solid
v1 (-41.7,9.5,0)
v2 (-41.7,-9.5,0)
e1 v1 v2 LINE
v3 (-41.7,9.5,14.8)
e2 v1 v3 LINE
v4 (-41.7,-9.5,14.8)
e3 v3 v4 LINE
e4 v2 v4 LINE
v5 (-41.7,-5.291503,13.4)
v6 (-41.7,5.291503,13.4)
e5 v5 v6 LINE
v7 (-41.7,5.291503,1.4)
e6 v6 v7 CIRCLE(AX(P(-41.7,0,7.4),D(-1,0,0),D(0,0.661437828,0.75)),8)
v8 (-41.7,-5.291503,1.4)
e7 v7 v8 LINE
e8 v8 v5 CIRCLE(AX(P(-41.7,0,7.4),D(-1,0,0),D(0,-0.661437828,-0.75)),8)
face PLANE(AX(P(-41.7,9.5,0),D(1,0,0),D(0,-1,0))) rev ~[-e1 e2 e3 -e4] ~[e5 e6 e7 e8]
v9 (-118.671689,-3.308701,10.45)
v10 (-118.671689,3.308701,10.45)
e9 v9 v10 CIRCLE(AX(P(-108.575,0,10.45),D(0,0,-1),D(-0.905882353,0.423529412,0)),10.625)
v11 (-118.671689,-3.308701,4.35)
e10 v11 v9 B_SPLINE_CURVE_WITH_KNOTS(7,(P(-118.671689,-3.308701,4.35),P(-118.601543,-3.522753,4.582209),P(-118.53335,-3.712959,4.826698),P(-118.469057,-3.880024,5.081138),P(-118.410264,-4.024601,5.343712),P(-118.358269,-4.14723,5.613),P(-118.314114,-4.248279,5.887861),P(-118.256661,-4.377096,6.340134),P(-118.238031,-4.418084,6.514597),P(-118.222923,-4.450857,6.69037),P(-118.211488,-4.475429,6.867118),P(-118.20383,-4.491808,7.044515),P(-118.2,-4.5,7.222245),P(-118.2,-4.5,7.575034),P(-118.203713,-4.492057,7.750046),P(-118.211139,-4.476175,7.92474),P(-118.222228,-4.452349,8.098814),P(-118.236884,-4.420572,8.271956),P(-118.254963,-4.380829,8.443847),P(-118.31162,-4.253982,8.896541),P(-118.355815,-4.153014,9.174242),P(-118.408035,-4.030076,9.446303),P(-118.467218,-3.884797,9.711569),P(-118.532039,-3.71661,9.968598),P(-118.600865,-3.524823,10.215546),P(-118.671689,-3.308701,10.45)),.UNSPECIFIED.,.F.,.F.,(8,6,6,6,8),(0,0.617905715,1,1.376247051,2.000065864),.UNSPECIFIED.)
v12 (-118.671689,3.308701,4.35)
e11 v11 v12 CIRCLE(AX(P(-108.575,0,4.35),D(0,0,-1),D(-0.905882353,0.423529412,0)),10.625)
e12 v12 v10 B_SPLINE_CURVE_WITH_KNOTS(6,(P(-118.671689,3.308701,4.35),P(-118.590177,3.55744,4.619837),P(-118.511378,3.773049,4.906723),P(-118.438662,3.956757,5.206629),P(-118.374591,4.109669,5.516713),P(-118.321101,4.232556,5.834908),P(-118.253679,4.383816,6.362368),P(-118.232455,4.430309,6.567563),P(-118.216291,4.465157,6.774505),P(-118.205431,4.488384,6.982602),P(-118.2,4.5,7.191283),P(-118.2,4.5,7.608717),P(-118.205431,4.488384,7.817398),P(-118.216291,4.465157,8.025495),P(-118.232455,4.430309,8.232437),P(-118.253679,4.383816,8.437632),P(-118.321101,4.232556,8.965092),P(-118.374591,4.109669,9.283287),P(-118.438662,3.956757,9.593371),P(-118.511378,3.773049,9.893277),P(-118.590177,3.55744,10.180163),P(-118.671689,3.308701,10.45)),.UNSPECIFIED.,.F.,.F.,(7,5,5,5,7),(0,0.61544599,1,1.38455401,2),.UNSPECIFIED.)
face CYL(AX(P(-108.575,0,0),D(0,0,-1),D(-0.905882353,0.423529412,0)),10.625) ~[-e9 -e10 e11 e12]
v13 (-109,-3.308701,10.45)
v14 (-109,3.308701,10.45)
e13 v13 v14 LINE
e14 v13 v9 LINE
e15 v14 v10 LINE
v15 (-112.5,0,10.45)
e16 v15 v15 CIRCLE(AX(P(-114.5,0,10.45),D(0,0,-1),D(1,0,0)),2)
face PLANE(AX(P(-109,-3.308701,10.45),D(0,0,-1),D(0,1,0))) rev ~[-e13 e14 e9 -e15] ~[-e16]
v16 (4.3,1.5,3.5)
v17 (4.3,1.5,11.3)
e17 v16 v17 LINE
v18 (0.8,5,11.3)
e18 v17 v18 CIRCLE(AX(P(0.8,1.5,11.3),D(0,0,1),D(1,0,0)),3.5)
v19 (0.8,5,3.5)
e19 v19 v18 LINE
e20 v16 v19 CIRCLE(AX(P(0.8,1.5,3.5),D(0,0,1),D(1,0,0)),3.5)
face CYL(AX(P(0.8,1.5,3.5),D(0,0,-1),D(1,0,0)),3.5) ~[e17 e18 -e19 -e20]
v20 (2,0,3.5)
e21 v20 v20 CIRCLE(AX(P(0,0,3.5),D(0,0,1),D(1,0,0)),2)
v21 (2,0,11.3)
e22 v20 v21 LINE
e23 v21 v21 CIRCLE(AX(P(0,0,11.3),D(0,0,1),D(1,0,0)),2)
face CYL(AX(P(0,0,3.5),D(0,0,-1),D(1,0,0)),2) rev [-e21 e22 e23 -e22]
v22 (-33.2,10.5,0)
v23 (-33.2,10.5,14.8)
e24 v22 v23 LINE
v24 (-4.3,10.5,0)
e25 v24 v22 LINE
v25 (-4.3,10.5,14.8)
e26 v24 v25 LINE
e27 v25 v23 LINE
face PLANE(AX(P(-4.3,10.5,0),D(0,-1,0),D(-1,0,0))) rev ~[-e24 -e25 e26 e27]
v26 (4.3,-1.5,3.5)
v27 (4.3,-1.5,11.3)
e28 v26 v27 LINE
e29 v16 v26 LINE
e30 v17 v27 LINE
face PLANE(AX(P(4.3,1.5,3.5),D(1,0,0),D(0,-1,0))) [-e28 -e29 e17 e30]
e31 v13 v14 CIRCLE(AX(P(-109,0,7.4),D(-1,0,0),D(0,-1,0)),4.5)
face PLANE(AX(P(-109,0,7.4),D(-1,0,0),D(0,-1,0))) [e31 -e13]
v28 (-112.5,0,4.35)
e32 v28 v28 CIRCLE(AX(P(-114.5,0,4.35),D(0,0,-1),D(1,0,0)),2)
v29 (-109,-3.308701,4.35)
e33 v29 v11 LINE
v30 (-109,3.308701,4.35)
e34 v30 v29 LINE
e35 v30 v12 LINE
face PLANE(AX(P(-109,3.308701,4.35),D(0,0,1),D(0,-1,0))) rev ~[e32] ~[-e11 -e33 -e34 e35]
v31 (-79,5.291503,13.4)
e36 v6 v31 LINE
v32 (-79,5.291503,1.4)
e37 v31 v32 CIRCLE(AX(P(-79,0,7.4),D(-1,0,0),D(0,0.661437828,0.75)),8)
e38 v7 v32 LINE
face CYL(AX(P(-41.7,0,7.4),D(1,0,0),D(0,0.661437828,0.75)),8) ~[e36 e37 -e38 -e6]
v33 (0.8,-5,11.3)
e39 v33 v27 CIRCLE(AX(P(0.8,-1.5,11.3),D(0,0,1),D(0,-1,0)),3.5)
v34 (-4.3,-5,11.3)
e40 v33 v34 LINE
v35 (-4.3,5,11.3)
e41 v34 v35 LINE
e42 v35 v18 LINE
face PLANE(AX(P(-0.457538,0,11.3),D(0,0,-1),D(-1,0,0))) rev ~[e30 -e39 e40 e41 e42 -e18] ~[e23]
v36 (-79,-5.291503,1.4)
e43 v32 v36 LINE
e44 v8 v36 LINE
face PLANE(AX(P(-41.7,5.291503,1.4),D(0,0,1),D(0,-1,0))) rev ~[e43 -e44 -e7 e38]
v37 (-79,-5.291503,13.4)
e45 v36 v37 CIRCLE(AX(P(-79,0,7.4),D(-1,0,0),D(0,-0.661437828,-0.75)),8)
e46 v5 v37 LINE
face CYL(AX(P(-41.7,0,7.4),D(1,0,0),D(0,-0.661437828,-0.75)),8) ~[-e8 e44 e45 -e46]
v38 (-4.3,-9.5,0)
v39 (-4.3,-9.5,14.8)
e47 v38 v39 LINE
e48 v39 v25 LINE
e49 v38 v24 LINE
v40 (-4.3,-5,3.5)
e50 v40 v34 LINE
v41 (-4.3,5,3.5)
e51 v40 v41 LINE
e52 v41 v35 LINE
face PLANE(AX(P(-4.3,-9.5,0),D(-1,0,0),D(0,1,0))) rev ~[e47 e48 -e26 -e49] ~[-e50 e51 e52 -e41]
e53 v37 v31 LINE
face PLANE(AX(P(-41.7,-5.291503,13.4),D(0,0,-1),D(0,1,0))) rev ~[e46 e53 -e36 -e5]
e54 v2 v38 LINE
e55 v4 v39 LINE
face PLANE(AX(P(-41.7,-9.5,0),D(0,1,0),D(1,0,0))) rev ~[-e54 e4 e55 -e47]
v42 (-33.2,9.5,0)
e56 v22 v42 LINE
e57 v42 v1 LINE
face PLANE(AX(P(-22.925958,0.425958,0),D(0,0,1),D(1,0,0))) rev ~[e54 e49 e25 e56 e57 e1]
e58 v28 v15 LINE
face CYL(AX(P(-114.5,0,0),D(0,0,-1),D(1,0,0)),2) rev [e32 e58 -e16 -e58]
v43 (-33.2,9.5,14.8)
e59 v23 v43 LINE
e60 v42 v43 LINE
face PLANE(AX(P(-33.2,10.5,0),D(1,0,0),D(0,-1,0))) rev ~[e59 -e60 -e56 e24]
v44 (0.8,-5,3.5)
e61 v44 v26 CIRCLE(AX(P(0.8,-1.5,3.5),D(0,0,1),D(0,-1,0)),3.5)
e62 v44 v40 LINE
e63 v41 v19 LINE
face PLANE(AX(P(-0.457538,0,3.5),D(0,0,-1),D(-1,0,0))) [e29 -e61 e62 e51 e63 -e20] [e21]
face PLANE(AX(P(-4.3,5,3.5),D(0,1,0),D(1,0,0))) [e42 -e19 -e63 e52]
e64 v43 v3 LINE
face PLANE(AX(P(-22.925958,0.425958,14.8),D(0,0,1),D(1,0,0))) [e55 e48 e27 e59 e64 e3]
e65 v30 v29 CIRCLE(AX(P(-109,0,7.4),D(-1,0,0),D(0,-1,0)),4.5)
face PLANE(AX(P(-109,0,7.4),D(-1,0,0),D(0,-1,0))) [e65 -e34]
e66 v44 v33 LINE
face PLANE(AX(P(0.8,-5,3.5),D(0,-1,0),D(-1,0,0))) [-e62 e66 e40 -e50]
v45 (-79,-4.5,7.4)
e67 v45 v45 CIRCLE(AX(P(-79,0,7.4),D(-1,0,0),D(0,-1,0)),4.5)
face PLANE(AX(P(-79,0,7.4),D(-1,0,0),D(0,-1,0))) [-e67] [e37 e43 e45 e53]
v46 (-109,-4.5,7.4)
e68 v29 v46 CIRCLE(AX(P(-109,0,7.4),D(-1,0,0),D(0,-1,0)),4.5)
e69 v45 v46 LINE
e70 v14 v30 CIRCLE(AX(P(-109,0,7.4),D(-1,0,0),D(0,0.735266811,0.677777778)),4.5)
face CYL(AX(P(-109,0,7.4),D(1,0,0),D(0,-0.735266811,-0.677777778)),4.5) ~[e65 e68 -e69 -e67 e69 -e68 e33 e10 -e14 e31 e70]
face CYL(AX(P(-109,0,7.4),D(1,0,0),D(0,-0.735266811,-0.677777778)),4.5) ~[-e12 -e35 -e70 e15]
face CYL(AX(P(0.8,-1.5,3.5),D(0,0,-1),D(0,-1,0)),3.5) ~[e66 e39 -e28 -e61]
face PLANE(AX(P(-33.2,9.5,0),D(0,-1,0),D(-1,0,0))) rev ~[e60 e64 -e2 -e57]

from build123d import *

# Parameters (mm, degrees)
PAD001_DEPTH = 14.8
SKETCH004_R  = 2
PAD002_DEPTH = 7.8
PAD003_DEPTH = 37.3
SKETCH008_R  = 4.5
PAD004_DEPTH = 30
PAD005_DEPTH = 11
SKETCH007_R  = 2
POCKET_DEPTH = 14.801


with BuildPart() as part:
    # Sketch003 → Pad001 (new body)
    with BuildSketch(Plane.XY):
        Polygon((0, 0), (37.4, 0), (37.4, 20), (8.5, 20), (8.5, 19), (0, 19), align=None)
    extrude(amount=PAD001_DEPTH)

    # Sketch004 → Pad002 (join)
    with BuildSketch(Plane.XY.offset(3.5)):
        with BuildLine():
            Line((37.4, 14.5), (42.5, 14.5))
            ThreePointArc((46, 11), (44.9748737342, 13.4748737342), (42.5, 14.5))
            Line((46, 11), (46, 8))
            ThreePointArc((42.5, 4.5), (44.9748737342, 5.5251262658), (46, 8))
            Line((42.5, 4.5), (37.4, 4.5))
            Line((37.4, 4.5), (37.4, 14.5))
        make_face()
        with Locations((41.7, 9.5)):
            Circle(SKETCH004_R, mode=Mode.SUBTRACT)
    extrude(amount=PAD002_DEPTH)

    # Sketch005 → Pad003 (join)
    with BuildSketch(Plane(origin=(0, 0, 0), x_dir=(0, -1, 0), z_dir=(-1, 0, 0))):
        with BuildLine():
            Line((-4.2084973779, 13.4), (-14.7915026221, 13.4))
            ThreePointArc((-14.7915026221, 13.4), (-17.5, 7.4), (-14.7915026221, 1.4))
            Line((-14.7915026221, 1.4), (-4.2084973779, 1.4))
            ThreePointArc((-4.2084973779, 1.4), (-1.5, 7.4), (-4.2084973779, 13.4))
        make_face()
    extrude(amount=PAD003_DEPTH)

    # Sketch008 (on Face17 of Pad003) → Pad004 (join)
    with BuildSketch(Plane(origin=(-37.3, 0, 0), x_dir=(0, -1, 0), z_dir=(-1, 0, 0))):
        with Locations((-9.5, 7.4)):
            Circle(SKETCH008_R)
    extrude(amount=PAD004_DEPTH)

    # Sketch006 (on Face17 of Pad003) → Pad005 (join)
    with BuildSketch(Plane(origin=(-67.3, 0, 0), x_dir=(0, -1, 0), z_dir=(-1, 0, 0))):
        with BuildLine():
            Line((-6.1912993487, 10.45), (-12.8087006513, 10.45))
            ThreePointArc((-12.8087006513, 10.45), (-14, 7.4), (-12.8087006513, 4.35))
            Line((-12.8087006513, 4.35), (-6.1912993487, 4.35))
            ThreePointArc((-6.1912993487, 4.35), (-5, 7.4), (-6.1912993487, 10.45))
        make_face()
    extrude(amount=PAD005_DEPTH)

    # Sketch007 → Pocket (cut, through all)
    with BuildSketch(Plane.XY):
        with Locations((-72.8, 9.5)):
            Circle(SKETCH007_R)
        with BuildLine():
            ThreePointArc((-76.5, 14), (-77.5, 9.5), (-76.5, 5))
            Line((-86.5, 5), (-76.5, 5))
            Line((-86.5, 14), (-86.5, 5))
            Line((-76.5, 14), (-86.5, 14))
        make_face()
    extrude(amount=POCKET_DEPTH, mode=Mode.SUBTRACT)


with BuildPart() as part_1:
    # Body002 placement: moved
    add(part.part.moved(Location((-41.7, -9.5, 0))))


solid = part_1.part
